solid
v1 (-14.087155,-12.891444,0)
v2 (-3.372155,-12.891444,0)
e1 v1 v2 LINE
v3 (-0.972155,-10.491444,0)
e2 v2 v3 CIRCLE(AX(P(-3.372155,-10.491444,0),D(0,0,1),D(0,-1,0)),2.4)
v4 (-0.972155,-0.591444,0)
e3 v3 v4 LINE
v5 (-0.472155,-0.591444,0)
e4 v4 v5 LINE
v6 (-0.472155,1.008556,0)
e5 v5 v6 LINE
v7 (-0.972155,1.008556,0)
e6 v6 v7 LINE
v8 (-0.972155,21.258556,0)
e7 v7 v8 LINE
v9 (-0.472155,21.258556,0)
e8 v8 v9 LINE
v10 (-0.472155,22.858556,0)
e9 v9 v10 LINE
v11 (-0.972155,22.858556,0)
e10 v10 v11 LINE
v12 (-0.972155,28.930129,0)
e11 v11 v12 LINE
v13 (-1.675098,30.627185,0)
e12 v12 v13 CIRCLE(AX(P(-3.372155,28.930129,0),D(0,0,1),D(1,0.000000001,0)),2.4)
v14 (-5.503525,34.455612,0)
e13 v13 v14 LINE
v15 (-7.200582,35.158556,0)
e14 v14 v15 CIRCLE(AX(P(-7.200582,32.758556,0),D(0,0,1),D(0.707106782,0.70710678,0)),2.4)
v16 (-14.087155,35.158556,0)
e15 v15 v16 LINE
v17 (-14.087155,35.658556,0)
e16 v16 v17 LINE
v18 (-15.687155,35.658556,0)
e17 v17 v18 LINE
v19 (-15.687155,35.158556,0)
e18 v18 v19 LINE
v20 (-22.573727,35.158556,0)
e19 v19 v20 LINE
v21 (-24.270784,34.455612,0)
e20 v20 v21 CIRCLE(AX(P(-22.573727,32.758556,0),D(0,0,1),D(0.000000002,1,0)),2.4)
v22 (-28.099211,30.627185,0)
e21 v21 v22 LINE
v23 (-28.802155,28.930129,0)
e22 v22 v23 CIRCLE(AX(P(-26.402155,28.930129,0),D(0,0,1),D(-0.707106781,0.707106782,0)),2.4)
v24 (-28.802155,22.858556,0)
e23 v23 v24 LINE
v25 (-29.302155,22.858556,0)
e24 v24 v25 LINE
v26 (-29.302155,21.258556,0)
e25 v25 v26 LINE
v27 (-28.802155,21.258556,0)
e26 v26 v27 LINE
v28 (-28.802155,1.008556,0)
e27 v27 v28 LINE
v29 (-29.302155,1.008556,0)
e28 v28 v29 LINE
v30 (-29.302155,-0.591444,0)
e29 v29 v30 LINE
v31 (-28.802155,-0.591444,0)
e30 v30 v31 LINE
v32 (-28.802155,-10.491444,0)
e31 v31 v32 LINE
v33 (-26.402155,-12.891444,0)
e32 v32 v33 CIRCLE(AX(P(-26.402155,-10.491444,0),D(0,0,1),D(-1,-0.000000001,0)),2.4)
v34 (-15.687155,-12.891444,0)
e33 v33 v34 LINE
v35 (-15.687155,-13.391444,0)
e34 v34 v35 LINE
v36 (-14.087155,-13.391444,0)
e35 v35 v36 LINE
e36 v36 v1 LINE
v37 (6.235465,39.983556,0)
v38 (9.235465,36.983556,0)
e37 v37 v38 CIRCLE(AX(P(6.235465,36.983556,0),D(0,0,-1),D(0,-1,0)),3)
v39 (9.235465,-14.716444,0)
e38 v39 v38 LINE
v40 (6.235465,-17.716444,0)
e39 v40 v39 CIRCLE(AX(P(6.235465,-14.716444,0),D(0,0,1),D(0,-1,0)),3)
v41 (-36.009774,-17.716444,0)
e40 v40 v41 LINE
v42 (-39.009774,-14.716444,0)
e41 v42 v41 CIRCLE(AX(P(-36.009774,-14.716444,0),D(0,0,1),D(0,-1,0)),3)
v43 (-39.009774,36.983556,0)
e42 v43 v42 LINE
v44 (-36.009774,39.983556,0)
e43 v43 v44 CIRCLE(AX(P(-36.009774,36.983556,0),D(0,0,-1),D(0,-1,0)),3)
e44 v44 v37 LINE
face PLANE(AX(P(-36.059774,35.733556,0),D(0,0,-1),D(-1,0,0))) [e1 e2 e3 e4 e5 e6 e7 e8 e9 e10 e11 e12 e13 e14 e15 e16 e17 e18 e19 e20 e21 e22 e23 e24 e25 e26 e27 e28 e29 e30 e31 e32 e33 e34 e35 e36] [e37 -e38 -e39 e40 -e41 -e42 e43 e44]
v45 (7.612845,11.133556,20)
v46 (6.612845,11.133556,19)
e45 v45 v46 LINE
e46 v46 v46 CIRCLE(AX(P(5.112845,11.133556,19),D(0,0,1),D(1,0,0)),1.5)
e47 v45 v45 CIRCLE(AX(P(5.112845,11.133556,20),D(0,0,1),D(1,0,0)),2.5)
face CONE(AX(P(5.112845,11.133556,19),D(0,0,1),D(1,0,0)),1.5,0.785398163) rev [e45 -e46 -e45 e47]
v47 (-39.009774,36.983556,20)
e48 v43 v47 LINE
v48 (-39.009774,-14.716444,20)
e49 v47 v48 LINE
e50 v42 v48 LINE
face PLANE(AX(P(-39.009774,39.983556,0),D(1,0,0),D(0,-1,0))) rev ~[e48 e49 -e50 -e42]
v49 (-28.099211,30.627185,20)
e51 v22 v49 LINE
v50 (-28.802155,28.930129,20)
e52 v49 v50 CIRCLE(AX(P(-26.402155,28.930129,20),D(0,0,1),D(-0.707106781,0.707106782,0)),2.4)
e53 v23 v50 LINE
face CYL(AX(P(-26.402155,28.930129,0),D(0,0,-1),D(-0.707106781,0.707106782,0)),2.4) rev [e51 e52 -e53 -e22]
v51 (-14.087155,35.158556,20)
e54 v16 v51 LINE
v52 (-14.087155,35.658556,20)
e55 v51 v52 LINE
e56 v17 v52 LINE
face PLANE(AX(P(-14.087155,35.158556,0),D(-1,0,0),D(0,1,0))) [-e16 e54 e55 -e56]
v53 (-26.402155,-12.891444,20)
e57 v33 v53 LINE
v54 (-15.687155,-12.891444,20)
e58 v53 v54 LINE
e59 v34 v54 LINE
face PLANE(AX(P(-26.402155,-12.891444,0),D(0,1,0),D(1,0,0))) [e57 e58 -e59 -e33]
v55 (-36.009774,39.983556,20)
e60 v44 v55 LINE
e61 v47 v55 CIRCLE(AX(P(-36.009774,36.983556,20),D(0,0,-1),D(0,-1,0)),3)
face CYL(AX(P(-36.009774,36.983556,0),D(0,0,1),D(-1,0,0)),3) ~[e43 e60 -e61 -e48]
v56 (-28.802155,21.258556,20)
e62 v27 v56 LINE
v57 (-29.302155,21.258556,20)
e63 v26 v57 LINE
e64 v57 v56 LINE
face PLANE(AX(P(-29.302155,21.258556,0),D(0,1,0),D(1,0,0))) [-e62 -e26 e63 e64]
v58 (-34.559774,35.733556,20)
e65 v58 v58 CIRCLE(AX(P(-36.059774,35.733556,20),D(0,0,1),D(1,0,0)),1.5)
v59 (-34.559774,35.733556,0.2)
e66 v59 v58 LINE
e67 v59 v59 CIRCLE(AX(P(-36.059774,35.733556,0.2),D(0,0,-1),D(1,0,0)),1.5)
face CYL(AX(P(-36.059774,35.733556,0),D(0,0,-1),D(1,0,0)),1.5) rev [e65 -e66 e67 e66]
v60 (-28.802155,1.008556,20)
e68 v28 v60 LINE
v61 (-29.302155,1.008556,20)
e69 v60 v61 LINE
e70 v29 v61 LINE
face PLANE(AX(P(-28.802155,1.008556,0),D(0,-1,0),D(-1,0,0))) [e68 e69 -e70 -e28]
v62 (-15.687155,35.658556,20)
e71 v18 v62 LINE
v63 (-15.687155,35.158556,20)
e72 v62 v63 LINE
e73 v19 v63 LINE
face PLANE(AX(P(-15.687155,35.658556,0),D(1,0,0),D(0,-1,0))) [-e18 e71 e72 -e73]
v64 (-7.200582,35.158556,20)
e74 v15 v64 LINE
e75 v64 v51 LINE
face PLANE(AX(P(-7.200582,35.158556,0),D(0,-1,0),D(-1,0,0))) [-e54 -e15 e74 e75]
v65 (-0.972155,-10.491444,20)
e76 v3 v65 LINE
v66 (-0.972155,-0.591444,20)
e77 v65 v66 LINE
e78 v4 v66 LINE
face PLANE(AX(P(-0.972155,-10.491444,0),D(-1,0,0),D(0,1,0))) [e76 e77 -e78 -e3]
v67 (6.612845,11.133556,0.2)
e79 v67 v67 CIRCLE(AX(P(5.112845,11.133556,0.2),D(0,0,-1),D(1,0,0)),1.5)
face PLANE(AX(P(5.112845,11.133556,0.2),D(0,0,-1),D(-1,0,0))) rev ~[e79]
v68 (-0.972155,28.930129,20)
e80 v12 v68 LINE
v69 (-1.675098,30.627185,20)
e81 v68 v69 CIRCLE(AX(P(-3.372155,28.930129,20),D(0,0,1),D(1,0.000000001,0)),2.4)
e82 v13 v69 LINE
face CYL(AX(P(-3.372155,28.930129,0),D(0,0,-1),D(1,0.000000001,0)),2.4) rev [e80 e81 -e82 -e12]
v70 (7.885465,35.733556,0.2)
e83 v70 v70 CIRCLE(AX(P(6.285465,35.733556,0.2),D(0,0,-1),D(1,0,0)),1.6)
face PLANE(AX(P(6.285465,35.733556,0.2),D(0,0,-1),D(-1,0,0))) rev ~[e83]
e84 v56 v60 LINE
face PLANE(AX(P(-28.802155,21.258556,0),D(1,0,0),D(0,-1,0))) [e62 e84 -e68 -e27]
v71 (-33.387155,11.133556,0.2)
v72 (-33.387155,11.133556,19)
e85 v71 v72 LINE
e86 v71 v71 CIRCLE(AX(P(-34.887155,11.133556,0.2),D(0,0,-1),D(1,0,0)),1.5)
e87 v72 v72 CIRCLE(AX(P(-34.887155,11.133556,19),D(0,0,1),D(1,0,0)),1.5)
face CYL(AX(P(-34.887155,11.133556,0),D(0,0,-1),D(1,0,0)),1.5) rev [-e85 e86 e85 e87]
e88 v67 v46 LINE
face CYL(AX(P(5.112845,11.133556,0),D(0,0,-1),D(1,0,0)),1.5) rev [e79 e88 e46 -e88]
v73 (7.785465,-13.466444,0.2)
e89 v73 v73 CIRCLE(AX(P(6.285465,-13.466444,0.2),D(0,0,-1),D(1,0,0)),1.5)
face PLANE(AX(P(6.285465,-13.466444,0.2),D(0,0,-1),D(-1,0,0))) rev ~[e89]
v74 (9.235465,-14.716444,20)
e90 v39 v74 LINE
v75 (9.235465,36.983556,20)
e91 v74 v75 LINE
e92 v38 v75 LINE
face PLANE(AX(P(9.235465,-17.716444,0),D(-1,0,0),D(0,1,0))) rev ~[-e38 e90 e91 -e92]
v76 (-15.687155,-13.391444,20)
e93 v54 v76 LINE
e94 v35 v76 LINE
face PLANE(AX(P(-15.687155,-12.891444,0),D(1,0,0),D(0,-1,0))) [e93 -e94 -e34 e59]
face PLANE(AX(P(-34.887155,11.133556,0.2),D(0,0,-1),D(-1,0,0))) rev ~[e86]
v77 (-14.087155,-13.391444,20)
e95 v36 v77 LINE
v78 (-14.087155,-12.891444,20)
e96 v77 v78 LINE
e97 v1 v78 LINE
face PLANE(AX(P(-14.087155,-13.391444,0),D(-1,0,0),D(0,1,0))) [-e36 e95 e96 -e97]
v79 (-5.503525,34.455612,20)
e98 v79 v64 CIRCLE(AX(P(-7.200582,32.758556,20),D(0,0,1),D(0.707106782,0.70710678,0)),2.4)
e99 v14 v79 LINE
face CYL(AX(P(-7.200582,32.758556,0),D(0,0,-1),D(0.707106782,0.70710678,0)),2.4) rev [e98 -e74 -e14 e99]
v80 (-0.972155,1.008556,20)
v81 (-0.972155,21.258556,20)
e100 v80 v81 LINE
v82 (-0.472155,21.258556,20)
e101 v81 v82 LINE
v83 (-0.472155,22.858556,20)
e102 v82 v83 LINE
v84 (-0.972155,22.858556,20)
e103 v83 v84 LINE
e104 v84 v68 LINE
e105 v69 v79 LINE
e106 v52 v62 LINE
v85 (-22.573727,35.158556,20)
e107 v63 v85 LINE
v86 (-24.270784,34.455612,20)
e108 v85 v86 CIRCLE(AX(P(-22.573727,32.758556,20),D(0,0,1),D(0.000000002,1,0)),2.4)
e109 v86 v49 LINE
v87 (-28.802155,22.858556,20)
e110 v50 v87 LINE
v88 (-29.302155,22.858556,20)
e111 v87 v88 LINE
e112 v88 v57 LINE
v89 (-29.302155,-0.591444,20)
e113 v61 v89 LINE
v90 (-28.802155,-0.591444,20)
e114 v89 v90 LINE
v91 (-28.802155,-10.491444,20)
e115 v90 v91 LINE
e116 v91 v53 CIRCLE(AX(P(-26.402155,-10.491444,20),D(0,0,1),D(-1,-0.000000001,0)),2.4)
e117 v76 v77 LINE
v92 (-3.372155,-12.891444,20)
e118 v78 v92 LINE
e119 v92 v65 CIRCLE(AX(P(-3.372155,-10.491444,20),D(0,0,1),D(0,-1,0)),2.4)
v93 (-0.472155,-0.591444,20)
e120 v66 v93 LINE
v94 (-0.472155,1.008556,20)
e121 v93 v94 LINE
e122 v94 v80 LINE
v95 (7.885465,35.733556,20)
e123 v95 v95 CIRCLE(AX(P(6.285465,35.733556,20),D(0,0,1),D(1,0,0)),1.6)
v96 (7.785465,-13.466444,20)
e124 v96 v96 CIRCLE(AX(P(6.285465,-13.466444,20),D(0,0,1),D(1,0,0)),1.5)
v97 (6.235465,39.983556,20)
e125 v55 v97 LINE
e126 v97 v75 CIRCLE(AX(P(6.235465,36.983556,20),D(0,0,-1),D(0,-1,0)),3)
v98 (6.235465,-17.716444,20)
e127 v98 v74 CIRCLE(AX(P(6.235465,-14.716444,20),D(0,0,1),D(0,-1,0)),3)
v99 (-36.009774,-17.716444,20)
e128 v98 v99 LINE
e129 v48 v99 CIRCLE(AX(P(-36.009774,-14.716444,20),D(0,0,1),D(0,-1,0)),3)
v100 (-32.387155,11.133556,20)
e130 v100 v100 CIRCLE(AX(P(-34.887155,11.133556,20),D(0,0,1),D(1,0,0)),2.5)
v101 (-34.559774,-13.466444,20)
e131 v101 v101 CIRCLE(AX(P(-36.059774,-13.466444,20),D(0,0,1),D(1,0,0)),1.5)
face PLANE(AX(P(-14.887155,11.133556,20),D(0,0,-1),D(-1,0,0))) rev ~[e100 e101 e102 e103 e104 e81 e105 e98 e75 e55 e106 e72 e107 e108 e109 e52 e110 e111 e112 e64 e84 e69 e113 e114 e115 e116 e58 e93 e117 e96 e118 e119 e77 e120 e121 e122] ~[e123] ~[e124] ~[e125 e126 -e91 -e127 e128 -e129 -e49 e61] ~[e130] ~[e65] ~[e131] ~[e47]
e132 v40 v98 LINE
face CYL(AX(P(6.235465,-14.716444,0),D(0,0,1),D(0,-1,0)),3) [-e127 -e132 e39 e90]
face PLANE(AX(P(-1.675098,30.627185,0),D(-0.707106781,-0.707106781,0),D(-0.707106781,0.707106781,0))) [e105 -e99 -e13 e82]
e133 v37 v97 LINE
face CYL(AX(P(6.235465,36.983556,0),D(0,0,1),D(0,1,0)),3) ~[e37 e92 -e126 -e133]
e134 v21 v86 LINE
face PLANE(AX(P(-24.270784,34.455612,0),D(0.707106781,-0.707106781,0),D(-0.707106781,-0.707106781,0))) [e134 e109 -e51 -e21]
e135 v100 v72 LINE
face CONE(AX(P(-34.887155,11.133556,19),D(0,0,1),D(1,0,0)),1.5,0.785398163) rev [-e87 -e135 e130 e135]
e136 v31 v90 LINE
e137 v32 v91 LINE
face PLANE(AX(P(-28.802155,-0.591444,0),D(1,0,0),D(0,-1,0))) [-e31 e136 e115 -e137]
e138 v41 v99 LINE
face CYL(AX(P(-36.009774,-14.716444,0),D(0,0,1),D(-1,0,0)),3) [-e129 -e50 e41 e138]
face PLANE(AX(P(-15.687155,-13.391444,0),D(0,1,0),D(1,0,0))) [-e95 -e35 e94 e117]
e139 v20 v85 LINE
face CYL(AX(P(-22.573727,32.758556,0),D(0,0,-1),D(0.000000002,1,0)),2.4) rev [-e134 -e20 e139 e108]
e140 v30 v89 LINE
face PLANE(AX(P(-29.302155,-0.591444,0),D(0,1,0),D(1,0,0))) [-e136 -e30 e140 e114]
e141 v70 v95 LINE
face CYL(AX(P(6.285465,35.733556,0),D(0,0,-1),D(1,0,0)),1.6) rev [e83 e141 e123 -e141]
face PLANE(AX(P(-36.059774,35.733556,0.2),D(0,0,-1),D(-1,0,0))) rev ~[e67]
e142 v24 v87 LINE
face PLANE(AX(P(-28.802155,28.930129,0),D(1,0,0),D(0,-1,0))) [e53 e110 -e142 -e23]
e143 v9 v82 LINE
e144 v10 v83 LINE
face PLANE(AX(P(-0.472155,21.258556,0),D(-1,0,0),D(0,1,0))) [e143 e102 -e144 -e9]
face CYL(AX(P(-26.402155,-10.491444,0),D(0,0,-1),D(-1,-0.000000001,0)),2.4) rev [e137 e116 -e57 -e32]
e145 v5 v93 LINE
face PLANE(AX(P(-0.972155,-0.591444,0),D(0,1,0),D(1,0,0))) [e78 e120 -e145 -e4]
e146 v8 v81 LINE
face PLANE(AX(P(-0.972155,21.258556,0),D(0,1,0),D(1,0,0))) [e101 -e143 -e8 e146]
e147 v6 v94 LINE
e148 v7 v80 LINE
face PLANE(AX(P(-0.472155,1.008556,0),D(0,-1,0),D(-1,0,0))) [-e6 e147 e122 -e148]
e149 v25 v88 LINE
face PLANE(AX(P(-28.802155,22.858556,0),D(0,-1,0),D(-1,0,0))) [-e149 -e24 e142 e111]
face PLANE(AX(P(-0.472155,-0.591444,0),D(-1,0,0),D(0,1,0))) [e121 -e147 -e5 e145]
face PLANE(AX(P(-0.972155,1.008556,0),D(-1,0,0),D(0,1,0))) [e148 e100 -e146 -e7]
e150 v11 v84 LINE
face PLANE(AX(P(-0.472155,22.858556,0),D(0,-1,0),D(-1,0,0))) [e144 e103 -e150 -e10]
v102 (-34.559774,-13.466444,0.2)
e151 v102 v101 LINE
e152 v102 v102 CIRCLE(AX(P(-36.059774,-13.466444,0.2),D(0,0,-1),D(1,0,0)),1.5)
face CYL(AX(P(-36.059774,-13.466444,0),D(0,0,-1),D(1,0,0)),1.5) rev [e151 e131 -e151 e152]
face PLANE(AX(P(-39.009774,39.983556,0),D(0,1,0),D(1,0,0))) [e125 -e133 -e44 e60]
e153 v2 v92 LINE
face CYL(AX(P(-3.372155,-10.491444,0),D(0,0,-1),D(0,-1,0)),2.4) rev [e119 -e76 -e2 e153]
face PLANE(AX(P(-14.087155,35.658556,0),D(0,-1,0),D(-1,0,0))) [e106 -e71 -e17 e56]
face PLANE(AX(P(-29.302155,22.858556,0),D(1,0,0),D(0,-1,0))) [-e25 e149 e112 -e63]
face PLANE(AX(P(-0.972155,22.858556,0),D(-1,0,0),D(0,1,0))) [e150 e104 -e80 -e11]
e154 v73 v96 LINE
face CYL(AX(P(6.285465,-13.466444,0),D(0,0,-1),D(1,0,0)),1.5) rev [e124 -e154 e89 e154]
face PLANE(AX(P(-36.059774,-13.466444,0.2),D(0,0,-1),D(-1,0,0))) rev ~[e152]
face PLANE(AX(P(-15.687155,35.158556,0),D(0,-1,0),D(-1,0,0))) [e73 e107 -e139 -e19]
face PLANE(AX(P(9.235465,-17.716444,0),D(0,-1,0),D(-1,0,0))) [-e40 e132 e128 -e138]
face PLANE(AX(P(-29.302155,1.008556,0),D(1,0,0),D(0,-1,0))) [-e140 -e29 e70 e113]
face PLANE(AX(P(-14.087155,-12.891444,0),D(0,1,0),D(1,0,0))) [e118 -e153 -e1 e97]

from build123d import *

# Parameters (mm, degrees)
SZKIC1_R                    = 1.5
SZKIC1_R_2                  = 1.6
DODANIE_WYCI_GNI_CIE1_DEPTH = 20
ZAOKR_GLENIE1_R             = 3
SFAZOWANIE1_SIZE            = 1
SZKIC2_R                    = 1.5
SZKIC2_R_2                  = 1.6
DODANIE_WYCI_GNI_CIE2_DEPTH = 0.2


with BuildPart() as part:
    # Szkic1 → Dodanie-wyciągnięcie1 (new body)
    with BuildSketch(Plane.XY):
        Polygon((-39.009773604, 35.733555733), (-39.009773604, 39.983555733), (9.235464557, 39.983555733), (9.235464557, 35.733555733), (9.235464557, -13.466444267), (9.235464557, -17.716444267), (-39.009773604, -17.716444267), (-39.009773604, -13.466444267), align=None)
        with Locations((5.112845476, 11.133555733)):
            Circle(SZKIC1_R, mode=Mode.SUBTRACT)
        with Locations((-34.887154524, 11.133555733)):
            Circle(SZKIC1_R, mode=Mode.SUBTRACT)
        with Locations((6.285464557, -13.466444267)):
            Circle(SZKIC1_R, mode=Mode.SUBTRACT)
        with Locations((6.285464557, 35.733555733)):
            Circle(SZKIC1_R_2, mode=Mode.SUBTRACT)
        with Locations((-36.059773604, 35.733555733)):
            Circle(SZKIC1_R, mode=Mode.SUBTRACT)
        with Locations((-36.059773604, -13.466444267)):
            Circle(SZKIC1_R, mode=Mode.SUBTRACT)
        with BuildLine():
            Line((-14.087154524, -13.391444267), (-14.087154524, -12.891444267))
            Line((-14.087154524, -12.891444267), (-3.372154524, -12.891444267))
            ThreePointArc((-3.372154524, -12.891444267), (-1.675098249, -12.188500541), (-0.972154524, -10.491444267))
            Line((-0.972154524, -10.491444267), (-0.972154524, -0.591444267))
            Line((-0.972154524, -0.591444267), (-0.472154524, -0.591444267))
            Line((-0.472154524, -0.591444267), (-0.472154524, 1.008555733))
            Line((-0.472154524, 1.008555733), (-0.972154524, 1.008555733))
            Line((-0.972154524, 1.008555733), (-0.972154524, 21.258555733))
            Line((-0.972154524, 21.258555733), (-0.472154524, 21.258555733))
            Line((-0.472154524, 21.258555733), (-0.472154524, 22.858555733))
            Line((-0.472154524, 22.858555733), (-0.972154524, 22.858555733))
            Line((-0.972154524, 22.858555733), (-0.972154524, 28.930128609))
            ThreePointArc((-0.972154524, 28.930128609), (-1.154843646, 29.848568846), (-1.675098249, 30.627184884))
            Line((-1.675098249, 30.627184884), (-5.503525374, 34.455612008))
            ThreePointArc((-5.503525374, 34.455612008), (-6.282141411, 34.975866612), (-7.200581648, 35.158555733))
            Line((-7.200581648, 35.158555733), (-14.087154524, 35.158555733))
            Line((-14.087154524, 35.158555733), (-14.087154524, 35.658555733))
            Line((-14.087154524, 35.658555733), (-15.687154524, 35.658555733))
            Line((-15.687154524, 35.658555733), (-15.687154524, 35.158555733))
            Line((-15.687154524, 35.158555733), (-22.573727399, 35.158555733))
            ThreePointArc((-22.573727399, 35.158555733), (-23.492167637, 34.975866612), (-24.270783674, 34.455612008))
            Line((-24.270783674, 34.455612008), (-28.099210798, 30.627184884))
            ThreePointArc((-28.099210798, 30.627184884), (-28.619465402, 29.848568846), (-28.802154524, 28.930128609))
            Line((-28.802154524, 28.930128609), (-28.802154524, 22.858555733))
            Line((-28.802154524, 22.858555733), (-29.302154524, 22.858555733))
            Line((-29.302154524, 22.858555733), (-29.302154524, 21.258555733))
            Line((-29.302154524, 21.258555733), (-28.802154524, 21.258555733))
            Line((-28.802154524, 21.258555733), (-28.802154524, 1.008555733))
            Line((-28.802154524, 1.008555733), (-29.302154524, 1.008555733))
            Line((-29.302154524, 1.008555733), (-29.302154524, -0.591444267))
            Line((-29.302154524, -0.591444267), (-28.802154524, -0.591444267))
            Line((-28.802154524, -0.591444267), (-28.802154524, -10.491444267))
            ThreePointArc((-28.802154524, -10.491444267), (-28.099210798, -12.188500541), (-26.402154524, -12.891444267))
            Line((-26.402154524, -12.891444267), (-15.687154524, -12.891444267))
            Line((-15.687154524, -12.891444267), (-15.687154524, -13.391444267))
            Line((-15.687154524, -13.391444267), (-14.087154524, -13.391444267))
        make_face(mode=Mode.SUBTRACT)
    extrude(amount=DODANIE_WYCI_GNI_CIE1_DEPTH)

    # Zaokrąglenie1
    zaokr_glenie1_edges = [part.edges().sort_by_distance(p)[0] for p in [
        (-39.009773604, 39.983555733, 10),
        (9.235464557, 39.983555733, 10),
        (9.235464557, -17.716444267, 10),
        (-39.009773604, -17.716444267, 10),
    ]]
    fillet(zaokr_glenie1_edges, radius=ZAOKR_GLENIE1_R)

    # Sfazowanie1
    sfazowanie1_edges = [part.edges().sort_by_distance(p)[0] for p in [
        (3.612845476, 11.133555733, 20),
        (-36.387154524, 11.133555733, 20),
    ]]
    chamfer(sfazowanie1_edges, length=SFAZOWANIE1_SIZE)

    # Szkic2 → Dodanie-wyciągnięcie2 (add)
    with BuildSketch(Plane(origin=(0, 0, 0), x_dir=(-1, 0, 0), z_dir=(0, 0, -1))):
        with Locations((36.059773604, 35.733555733)):
            Circle(SZKIC2_R)
        with Locations((34.887154524, 11.133555733)):
            Circle(SZKIC2_R)
        with Locations((36.059773604, -13.466444267)):
            Circle(SZKIC2_R)
        with Locations((-6.285464557, 35.733555733)):
            Circle(SZKIC2_R_2)
        with Locations((-5.112845476, 11.133555733)):
            Circle(SZKIC2_R)
        with Locations((-6.285464557, -13.466444267)):
            Circle(SZKIC2_R)
    extrude(amount=-DODANIE_WYCI_GNI_CIE2_DEPTH)


solid = part.part
